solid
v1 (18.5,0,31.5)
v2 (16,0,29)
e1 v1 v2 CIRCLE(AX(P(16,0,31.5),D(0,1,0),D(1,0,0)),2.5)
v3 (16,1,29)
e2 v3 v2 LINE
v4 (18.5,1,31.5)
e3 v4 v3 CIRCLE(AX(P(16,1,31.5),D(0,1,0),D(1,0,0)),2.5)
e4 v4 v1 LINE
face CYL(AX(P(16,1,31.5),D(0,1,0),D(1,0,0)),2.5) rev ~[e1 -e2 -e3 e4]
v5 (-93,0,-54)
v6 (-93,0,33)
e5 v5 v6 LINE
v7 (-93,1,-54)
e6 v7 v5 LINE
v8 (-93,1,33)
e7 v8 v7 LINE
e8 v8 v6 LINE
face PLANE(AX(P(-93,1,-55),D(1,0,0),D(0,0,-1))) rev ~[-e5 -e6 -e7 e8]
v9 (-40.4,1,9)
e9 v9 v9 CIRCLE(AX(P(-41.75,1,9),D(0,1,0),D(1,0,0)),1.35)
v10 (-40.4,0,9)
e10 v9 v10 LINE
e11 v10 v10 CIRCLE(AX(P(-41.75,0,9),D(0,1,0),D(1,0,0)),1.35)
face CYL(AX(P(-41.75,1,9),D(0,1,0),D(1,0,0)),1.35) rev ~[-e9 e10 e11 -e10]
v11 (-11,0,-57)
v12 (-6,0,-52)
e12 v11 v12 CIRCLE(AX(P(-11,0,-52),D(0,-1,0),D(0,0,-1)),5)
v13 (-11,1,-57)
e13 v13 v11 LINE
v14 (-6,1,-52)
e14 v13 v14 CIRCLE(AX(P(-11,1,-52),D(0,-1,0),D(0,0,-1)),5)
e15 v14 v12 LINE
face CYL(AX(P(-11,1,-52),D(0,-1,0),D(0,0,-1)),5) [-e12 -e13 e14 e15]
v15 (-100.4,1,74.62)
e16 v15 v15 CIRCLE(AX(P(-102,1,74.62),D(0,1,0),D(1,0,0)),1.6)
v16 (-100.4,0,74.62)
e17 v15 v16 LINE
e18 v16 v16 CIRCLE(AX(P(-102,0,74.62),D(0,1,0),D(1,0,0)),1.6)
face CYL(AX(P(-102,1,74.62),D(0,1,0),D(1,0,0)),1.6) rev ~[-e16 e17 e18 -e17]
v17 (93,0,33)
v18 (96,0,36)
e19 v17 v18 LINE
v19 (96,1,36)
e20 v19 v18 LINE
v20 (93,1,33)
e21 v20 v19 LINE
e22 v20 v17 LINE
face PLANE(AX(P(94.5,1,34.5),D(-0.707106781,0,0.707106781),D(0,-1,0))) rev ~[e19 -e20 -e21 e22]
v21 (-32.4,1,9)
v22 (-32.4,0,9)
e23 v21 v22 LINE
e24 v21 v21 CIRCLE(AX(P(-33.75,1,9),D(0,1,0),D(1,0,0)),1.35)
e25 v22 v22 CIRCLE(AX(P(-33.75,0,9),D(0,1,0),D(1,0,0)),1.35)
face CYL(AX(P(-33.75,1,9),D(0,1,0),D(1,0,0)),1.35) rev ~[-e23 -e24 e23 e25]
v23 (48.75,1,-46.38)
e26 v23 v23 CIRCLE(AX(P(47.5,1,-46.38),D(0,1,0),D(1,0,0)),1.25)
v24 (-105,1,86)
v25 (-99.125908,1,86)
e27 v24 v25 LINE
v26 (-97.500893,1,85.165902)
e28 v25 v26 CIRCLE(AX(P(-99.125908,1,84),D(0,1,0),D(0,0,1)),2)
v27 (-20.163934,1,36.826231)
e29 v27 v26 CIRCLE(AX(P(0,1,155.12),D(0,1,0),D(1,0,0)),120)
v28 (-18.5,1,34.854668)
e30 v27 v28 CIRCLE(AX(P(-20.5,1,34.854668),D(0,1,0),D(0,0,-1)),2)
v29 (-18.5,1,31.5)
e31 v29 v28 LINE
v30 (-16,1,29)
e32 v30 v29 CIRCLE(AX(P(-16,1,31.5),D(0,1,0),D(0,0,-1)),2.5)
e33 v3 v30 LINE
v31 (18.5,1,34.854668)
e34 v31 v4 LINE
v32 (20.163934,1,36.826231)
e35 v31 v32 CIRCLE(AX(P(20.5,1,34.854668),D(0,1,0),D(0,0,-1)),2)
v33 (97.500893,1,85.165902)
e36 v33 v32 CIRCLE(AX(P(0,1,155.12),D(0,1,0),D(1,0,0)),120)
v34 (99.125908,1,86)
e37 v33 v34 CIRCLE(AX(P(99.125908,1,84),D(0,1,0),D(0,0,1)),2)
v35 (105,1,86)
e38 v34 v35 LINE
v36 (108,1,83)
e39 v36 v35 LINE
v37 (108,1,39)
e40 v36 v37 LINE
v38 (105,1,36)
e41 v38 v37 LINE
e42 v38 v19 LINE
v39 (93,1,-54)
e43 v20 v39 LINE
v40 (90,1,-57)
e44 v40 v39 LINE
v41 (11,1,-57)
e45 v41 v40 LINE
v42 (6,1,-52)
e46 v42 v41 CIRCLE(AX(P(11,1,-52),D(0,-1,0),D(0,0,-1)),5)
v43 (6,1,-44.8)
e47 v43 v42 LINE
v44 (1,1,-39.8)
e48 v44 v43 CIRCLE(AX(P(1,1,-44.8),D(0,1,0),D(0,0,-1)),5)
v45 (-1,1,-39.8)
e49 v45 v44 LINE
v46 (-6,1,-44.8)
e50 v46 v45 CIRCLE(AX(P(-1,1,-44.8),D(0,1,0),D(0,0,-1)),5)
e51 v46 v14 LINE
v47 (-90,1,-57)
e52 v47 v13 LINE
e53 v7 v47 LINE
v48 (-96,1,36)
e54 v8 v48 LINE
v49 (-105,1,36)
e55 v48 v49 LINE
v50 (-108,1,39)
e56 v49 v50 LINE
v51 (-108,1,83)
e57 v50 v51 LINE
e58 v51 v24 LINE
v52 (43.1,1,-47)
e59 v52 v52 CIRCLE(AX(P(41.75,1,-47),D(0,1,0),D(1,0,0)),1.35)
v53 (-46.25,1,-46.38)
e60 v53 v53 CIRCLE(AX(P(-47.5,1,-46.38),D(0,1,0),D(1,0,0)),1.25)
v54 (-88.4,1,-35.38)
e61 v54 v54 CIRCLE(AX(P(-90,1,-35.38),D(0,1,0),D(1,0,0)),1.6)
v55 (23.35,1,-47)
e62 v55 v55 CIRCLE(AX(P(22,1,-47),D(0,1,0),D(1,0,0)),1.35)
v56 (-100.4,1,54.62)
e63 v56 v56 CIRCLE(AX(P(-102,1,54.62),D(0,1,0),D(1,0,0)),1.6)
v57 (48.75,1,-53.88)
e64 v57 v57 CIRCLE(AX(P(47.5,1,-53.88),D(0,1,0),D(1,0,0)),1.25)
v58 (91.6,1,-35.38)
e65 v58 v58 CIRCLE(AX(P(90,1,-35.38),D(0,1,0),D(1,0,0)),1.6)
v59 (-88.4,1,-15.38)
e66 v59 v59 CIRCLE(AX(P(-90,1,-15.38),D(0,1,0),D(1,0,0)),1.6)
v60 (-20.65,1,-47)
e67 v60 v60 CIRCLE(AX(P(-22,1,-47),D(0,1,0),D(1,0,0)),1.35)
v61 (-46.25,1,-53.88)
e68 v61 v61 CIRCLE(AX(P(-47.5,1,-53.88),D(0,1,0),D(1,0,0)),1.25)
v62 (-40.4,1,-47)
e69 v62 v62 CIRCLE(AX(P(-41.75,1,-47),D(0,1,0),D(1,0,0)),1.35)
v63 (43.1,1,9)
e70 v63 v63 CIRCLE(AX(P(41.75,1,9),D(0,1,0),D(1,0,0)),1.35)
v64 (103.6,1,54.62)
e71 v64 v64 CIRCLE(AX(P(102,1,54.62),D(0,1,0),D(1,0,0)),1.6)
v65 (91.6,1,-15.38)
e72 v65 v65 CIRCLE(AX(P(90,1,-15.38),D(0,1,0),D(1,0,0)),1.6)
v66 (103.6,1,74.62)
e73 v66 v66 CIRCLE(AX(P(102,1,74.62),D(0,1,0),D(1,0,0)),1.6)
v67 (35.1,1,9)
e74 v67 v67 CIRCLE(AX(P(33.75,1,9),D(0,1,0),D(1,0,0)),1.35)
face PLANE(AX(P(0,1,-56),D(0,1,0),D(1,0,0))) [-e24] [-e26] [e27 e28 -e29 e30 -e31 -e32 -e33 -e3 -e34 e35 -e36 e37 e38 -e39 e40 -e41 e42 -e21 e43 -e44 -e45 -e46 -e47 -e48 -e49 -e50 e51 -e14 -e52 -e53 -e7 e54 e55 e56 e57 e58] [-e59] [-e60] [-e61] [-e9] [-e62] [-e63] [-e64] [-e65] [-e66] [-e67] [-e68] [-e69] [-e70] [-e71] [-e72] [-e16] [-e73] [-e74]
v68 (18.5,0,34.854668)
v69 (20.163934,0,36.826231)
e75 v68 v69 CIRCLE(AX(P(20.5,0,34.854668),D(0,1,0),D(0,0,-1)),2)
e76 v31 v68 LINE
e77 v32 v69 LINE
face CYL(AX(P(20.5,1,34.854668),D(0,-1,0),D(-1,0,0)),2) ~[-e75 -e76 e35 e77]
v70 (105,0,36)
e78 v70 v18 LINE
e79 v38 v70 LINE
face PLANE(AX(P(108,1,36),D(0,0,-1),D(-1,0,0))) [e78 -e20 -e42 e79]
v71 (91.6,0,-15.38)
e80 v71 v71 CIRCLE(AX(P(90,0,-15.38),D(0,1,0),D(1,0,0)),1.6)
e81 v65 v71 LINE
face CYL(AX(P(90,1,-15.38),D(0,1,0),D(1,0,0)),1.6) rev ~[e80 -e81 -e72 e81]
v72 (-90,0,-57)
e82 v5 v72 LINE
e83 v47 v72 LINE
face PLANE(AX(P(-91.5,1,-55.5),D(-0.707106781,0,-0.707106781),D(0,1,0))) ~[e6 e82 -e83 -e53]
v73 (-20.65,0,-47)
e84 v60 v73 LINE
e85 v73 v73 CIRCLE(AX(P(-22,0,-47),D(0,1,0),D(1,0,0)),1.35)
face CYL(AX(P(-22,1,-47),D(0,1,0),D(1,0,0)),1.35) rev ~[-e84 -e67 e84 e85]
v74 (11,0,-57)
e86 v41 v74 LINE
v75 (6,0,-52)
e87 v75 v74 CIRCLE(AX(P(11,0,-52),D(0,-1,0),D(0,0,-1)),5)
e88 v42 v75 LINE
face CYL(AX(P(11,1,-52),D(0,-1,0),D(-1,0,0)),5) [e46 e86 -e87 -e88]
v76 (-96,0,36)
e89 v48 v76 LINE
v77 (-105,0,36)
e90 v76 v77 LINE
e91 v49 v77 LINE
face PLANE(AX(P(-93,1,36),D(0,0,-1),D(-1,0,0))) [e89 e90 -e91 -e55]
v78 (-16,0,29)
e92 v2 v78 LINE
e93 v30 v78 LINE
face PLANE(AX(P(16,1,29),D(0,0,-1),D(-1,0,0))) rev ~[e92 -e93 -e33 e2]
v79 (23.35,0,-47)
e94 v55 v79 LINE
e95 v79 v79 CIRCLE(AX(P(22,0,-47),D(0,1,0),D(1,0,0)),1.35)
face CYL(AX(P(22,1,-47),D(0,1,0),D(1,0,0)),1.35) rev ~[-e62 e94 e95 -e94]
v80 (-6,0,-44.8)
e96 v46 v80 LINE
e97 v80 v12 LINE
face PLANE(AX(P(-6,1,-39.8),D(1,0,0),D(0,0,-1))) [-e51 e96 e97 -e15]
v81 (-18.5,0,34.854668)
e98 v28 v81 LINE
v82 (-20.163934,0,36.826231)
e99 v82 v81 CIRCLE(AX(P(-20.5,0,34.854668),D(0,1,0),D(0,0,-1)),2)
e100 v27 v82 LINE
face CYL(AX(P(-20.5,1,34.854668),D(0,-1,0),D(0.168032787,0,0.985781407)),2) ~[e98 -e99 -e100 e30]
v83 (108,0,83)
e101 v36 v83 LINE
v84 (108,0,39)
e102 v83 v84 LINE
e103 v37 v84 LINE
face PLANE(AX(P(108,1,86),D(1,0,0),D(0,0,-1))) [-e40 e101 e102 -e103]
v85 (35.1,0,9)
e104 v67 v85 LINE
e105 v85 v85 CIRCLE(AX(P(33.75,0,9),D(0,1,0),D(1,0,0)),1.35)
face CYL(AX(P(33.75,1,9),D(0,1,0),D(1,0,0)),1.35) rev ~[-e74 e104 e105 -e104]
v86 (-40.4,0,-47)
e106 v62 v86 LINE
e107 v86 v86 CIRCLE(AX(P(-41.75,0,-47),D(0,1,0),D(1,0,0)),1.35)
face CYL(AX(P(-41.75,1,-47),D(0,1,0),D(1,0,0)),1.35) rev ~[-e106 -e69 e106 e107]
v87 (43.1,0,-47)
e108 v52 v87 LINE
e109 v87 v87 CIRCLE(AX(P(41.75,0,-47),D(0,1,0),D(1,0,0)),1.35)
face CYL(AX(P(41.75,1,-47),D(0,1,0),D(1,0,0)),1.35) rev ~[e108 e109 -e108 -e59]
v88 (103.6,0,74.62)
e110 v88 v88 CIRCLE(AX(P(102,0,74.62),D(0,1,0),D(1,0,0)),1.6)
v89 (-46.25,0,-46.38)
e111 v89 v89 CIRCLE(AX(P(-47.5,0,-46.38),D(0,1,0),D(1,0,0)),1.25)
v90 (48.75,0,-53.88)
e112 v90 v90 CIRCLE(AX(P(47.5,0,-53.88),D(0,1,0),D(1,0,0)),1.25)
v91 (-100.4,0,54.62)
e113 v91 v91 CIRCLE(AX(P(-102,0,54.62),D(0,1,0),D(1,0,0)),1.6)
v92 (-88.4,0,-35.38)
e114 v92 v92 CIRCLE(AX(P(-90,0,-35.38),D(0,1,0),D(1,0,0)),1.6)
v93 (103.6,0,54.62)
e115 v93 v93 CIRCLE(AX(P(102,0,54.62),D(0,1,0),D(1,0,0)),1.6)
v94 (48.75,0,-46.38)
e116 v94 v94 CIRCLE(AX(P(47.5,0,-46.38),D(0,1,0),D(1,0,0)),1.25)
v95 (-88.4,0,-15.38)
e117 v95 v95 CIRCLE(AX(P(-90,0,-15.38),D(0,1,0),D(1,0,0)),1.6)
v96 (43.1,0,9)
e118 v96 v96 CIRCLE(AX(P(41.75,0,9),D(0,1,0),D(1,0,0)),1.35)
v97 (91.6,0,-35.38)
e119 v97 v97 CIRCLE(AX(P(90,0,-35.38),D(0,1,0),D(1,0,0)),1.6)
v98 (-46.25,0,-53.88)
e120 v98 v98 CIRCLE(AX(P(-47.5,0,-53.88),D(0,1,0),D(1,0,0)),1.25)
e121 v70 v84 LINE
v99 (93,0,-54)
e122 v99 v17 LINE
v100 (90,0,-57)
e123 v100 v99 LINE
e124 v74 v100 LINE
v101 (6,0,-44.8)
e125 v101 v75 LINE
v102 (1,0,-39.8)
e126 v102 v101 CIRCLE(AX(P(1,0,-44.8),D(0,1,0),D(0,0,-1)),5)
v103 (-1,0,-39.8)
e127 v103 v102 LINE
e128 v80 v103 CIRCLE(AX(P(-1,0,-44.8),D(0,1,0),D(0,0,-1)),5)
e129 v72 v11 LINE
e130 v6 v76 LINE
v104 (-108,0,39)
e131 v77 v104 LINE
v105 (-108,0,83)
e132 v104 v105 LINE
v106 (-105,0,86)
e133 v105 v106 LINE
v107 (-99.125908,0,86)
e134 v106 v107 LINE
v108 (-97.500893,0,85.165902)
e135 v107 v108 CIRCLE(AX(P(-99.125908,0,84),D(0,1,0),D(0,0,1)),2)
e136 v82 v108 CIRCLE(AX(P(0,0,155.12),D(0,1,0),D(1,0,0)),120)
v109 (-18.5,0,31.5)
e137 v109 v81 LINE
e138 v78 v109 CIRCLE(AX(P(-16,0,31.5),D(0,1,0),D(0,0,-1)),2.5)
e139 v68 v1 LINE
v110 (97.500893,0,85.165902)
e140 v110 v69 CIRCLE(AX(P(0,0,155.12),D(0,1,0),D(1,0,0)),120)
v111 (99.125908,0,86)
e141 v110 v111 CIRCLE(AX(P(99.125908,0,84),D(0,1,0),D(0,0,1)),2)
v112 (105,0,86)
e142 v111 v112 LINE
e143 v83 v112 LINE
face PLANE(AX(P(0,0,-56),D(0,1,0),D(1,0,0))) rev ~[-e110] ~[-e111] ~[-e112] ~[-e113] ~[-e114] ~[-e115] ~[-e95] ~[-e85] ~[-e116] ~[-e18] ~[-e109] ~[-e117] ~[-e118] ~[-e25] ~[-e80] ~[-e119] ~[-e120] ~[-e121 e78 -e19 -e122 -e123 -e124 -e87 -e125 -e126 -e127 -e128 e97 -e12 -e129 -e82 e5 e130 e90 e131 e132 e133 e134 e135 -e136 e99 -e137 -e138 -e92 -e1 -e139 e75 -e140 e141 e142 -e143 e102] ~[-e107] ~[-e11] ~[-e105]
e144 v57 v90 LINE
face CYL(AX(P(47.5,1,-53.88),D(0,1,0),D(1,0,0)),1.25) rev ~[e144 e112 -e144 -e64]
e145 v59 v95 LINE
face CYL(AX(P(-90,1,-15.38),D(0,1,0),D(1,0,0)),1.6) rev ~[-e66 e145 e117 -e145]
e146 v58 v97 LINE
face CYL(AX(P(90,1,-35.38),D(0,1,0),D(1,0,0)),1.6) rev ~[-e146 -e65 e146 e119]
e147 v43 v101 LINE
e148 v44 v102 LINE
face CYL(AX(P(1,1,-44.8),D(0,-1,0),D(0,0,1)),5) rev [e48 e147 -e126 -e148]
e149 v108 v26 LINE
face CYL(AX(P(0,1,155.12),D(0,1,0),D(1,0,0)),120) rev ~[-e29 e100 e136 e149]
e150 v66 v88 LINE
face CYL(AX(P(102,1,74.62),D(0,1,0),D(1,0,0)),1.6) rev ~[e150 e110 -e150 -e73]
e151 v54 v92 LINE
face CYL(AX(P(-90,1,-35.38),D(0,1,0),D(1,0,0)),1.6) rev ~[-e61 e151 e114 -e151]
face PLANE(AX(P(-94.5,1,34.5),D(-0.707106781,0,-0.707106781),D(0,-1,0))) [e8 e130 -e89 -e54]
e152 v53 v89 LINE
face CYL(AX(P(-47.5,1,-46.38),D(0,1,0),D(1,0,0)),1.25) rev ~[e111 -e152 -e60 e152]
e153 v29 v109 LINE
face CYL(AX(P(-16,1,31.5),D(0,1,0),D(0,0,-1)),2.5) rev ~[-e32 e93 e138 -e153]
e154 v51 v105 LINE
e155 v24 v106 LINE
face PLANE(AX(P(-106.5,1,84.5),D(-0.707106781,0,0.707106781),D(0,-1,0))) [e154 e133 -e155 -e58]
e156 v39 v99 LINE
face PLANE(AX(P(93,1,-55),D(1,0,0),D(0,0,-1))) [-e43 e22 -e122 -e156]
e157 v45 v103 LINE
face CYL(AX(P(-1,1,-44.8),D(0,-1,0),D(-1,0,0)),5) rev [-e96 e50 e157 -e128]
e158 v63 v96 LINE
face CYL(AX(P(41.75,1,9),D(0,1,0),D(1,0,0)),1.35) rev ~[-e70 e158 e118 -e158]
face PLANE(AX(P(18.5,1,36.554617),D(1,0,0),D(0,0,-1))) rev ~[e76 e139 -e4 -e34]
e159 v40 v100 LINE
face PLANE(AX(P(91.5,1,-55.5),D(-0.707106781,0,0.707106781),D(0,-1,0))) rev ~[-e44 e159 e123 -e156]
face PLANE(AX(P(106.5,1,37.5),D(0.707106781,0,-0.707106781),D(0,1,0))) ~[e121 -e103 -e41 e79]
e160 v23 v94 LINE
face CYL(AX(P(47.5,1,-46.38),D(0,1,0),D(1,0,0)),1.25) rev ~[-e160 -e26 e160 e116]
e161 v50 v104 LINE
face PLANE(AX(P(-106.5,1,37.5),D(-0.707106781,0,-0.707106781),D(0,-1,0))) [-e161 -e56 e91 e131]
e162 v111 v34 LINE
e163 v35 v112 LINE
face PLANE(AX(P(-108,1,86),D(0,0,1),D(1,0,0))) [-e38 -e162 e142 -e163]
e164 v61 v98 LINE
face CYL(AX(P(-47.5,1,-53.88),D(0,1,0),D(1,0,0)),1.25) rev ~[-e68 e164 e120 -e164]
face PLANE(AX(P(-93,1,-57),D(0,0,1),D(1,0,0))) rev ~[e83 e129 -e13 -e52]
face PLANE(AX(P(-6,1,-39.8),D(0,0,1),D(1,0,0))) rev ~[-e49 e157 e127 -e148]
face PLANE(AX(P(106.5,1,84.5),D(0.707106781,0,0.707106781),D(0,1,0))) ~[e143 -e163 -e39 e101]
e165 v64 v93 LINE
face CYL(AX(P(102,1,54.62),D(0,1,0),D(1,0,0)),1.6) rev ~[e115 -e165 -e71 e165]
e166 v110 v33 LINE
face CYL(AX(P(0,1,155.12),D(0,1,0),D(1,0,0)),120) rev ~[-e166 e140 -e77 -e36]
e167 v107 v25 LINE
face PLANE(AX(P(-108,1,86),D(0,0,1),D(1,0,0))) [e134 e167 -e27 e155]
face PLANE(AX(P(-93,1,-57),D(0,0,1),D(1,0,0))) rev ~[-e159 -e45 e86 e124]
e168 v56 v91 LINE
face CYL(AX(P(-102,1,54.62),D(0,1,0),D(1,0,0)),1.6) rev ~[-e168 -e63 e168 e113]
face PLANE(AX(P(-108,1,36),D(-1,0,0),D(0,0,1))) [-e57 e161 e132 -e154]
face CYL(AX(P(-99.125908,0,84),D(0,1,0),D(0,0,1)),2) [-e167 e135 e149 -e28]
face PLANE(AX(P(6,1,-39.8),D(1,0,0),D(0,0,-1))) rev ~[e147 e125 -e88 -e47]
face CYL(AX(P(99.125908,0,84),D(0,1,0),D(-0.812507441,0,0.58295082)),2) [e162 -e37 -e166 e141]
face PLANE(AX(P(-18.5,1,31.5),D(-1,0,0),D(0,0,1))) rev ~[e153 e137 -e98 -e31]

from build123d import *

# Parameters (mm, degrees)
SKETCH_1_W          = 186
SKETCH_1_H          = 110
EXTRUDE_1_DEPTH     = 1
SKETCH_2_R          = 1.6
CUT_EXTRUDE_1_DEPTH = 2
EXTRUDE_2_DEPTH     = 1
SKETCH_6_R          = 120
CUT_EXTRUDE_2_DEPTH = 2
SKETCH_8_W          = 186
SKETCH_8_H          = 2
EXTRUDE_3_DEPTH     = 1
SKETCH_7_R          = 1.25
SKETCH_7_R_2        = 1.6
CUT_EXTRUDE_3_DEPTH = 2
CHAMFER_1_SIZE      = 3
FILLET_1_R          = 2
CUT_EXTRUDE_4_DEPTH = 2
SKETCH_10_R         = 1.35
CUT_EXTRUDE_5_DEPTH = 2
SKETCH_11_W         = 12
SKETCH_11_H         = 17.2
CUT_EXTRUDE_6_DEPTH = 2
FILLET_2_R          = 5
FILLET_3_R          = 2


with BuildPart() as part:
    # 草图1 → 凸台-拉伸1 (new body)
    with BuildSketch(Plane(origin=(0, 0, 0), x_dir=(1, 0, 0), z_dir=(0, 1, 0))):
        Rectangle(SKETCH_1_W, SKETCH_1_H)
    extrude(amount=EXTRUDE_1_DEPTH)

    # 草图2 → 切除-拉伸1 (cut, through all)
    with BuildSketch(Plane(origin=(0, 1, 0), x_dir=(1, 0, 0), z_dir=(0, 1, 0))):
        with Locations((90, 15.38)):
            Circle(SKETCH_2_R)
        with Locations((90, 35.38)):
            Circle(SKETCH_2_R)
        with Locations((-90, 35.38)):
            Circle(SKETCH_2_R)
        with Locations((-90, 15.38)):
            Circle(SKETCH_2_R)
    extrude(amount=-CUT_EXTRUDE_1_DEPTH, mode=Mode.SUBTRACT)

    # 草图5 → 凸台-拉伸2 (add)
    with BuildSketch(Plane(origin=(0, 1, 0), x_dir=(1, 0, 0), z_dir=(0, 1, 0))):
        Polygon((-108, -86), (108, -86), (108, -36), (93, -36), (93, -55), (-93, -55), (-93, -36), (-108, -36), align=None)
    extrude(amount=-EXTRUDE_2_DEPTH)

    # 草图6 → 切除-拉伸2 (cut, through all)
    with BuildSketch(Plane(origin=(0, 1, 0), x_dir=(1, 0, 0), z_dir=(0, 1, 0))):
        with Locations((0, -155.12)):
            Circle(SKETCH_6_R)
    extrude(amount=-CUT_EXTRUDE_2_DEPTH, mode=Mode.SUBTRACT)

    # 草图8 → 凸台-拉伸3 (add)
    with BuildSketch(Plane(origin=(0, 1, 0), x_dir=(1, 0, 0), z_dir=(0, 1, 0))):
        with Locations((0, 56)):
            Rectangle(SKETCH_8_W, SKETCH_8_H)
    extrude(amount=-EXTRUDE_3_DEPTH)

    # 草图7 → 切除-拉伸3 (cut, through all)
    with BuildSketch(Plane(origin=(0, 1, 0), x_dir=(1, 0, 0), z_dir=(0, 1, 0))):
        with Locations((47.5, 46.38)):
            Circle(SKETCH_7_R)
        with Locations((47.5, 53.88)):
            Circle(SKETCH_7_R)
        with Locations((102, -74.62)):
            Circle(SKETCH_7_R_2)
        with Locations((102, -54.62)):
            Circle(SKETCH_7_R_2)
        with Locations((-102, -54.62)):
            Circle(SKETCH_7_R_2)
        with Locations((-102, -74.62)):
            Circle(SKETCH_7_R_2)
        with Locations((-47.5, 53.88)):
            Circle(SKETCH_7_R)
        with Locations((-47.5, 46.38)):
            Circle(SKETCH_7_R)
    extrude(amount=-CUT_EXTRUDE_3_DEPTH, mode=Mode.SUBTRACT)

    # 倒角1
    chamfer_1_edges = [part.edges().sort_by_distance(p)[0] for p in [
        (-93, 0.5, 36),
        (93, 0.5, 36),
        (108, 0.5, 36),
        (108, 0.5, 86),
        (-108, 0.5, 86),
        (-108, 0.5, 36),
        (93, 0.5, -57),
        (-93, 0.5, -57),
    ]]
    chamfer(chamfer_1_edges, length=CHAMFER_1_SIZE)

    # 圆角1
    fillet_1_edges = [part.edges().sort_by_distance(p)[0] for p in [
        (-98.093963117, 0.5, 86),
        (98.093963117, 0.5, 86),
    ]]
    fillet(fillet_1_edges, radius=FILLET_1_R)

    # 草图9 → 切除-拉伸4 (cut, through all)
    with BuildSketch(Plane(origin=(0, 1, 0), x_dir=(1, 0, 0), z_dir=(0, 1, 0))):
        with BuildLine():
            Line((16, -29), (-16, -29))
            ThreePointArc((-16, -29), (-17.767766953, -29.732233047), (-18.5, -31.5))
            Line((-18.5, -31.5), (-18.5, -36.554617194))
            ThreePointArc((-18.5, -36.554617194), (0, -35.12), (18.5, -36.554617194))
            Line((18.5, -36.554617194), (18.5, -31.5))
            ThreePointArc((18.5, -31.5), (17.767766953, -29.732233047), (16, -29))
        make_face()
    extrude(amount=-CUT_EXTRUDE_4_DEPTH, mode=Mode.SUBTRACT)

    # 草图10 → 切除-拉伸5 (cut, through all)
    with BuildSketch(Plane(origin=(0, 1, 0), x_dir=(1, 0, 0), z_dir=(0, 1, 0))):
        with Locations((-33.75, -9)):
            Circle(SKETCH_10_R)
        with Locations((-22, 47)):
            Circle(SKETCH_10_R)
        with Locations((22, 47)):
            Circle(SKETCH_10_R)
        with Locations((33.75, -9)):
            Circle(SKETCH_10_R)
        with Locations((41.75, -9)):
            Circle(SKETCH_10_R)
        with Locations((-41.75, -9)):
            Circle(SKETCH_10_R)
        with Locations((41.75, 47)):
            Circle(SKETCH_10_R)
        with Locations((-41.75, 47)):
            Circle(SKETCH_10_R)
    extrude(amount=-CUT_EXTRUDE_5_DEPTH, mode=Mode.SUBTRACT)

    # 草图11 → 切除-拉伸6 (cut, through all)
    with BuildSketch(Plane(origin=(0, 1, 0), x_dir=(1, 0, 0), z_dir=(0, 1, 0))):
        with Locations((0, 48.4)):
            Rectangle(SKETCH_11_W, SKETCH_11_H)
    extrude(amount=-CUT_EXTRUDE_6_DEPTH, mode=Mode.SUBTRACT)

    # 圆角2
    fillet_2_edges = [part.edges().sort_by_distance(p)[0] for p in [
        (6, 0.5, -39.8),
        (-6, 0.5, -39.8),
        (-6, 0.5, -57),
        (6, 0.5, -57),
    ]]
    fillet(fillet_2_edges, radius=FILLET_2_R)

    # 圆角3
    fillet_3_edges = [part.edges().sort_by_distance(p)[0] for p in [
        (18.5, 0.5, 36.554617194),
        (-18.5, 0.5, 36.554617194),
    ]]
    fillet(fillet_3_edges, radius=FILLET_3_R)


solid = part.part
